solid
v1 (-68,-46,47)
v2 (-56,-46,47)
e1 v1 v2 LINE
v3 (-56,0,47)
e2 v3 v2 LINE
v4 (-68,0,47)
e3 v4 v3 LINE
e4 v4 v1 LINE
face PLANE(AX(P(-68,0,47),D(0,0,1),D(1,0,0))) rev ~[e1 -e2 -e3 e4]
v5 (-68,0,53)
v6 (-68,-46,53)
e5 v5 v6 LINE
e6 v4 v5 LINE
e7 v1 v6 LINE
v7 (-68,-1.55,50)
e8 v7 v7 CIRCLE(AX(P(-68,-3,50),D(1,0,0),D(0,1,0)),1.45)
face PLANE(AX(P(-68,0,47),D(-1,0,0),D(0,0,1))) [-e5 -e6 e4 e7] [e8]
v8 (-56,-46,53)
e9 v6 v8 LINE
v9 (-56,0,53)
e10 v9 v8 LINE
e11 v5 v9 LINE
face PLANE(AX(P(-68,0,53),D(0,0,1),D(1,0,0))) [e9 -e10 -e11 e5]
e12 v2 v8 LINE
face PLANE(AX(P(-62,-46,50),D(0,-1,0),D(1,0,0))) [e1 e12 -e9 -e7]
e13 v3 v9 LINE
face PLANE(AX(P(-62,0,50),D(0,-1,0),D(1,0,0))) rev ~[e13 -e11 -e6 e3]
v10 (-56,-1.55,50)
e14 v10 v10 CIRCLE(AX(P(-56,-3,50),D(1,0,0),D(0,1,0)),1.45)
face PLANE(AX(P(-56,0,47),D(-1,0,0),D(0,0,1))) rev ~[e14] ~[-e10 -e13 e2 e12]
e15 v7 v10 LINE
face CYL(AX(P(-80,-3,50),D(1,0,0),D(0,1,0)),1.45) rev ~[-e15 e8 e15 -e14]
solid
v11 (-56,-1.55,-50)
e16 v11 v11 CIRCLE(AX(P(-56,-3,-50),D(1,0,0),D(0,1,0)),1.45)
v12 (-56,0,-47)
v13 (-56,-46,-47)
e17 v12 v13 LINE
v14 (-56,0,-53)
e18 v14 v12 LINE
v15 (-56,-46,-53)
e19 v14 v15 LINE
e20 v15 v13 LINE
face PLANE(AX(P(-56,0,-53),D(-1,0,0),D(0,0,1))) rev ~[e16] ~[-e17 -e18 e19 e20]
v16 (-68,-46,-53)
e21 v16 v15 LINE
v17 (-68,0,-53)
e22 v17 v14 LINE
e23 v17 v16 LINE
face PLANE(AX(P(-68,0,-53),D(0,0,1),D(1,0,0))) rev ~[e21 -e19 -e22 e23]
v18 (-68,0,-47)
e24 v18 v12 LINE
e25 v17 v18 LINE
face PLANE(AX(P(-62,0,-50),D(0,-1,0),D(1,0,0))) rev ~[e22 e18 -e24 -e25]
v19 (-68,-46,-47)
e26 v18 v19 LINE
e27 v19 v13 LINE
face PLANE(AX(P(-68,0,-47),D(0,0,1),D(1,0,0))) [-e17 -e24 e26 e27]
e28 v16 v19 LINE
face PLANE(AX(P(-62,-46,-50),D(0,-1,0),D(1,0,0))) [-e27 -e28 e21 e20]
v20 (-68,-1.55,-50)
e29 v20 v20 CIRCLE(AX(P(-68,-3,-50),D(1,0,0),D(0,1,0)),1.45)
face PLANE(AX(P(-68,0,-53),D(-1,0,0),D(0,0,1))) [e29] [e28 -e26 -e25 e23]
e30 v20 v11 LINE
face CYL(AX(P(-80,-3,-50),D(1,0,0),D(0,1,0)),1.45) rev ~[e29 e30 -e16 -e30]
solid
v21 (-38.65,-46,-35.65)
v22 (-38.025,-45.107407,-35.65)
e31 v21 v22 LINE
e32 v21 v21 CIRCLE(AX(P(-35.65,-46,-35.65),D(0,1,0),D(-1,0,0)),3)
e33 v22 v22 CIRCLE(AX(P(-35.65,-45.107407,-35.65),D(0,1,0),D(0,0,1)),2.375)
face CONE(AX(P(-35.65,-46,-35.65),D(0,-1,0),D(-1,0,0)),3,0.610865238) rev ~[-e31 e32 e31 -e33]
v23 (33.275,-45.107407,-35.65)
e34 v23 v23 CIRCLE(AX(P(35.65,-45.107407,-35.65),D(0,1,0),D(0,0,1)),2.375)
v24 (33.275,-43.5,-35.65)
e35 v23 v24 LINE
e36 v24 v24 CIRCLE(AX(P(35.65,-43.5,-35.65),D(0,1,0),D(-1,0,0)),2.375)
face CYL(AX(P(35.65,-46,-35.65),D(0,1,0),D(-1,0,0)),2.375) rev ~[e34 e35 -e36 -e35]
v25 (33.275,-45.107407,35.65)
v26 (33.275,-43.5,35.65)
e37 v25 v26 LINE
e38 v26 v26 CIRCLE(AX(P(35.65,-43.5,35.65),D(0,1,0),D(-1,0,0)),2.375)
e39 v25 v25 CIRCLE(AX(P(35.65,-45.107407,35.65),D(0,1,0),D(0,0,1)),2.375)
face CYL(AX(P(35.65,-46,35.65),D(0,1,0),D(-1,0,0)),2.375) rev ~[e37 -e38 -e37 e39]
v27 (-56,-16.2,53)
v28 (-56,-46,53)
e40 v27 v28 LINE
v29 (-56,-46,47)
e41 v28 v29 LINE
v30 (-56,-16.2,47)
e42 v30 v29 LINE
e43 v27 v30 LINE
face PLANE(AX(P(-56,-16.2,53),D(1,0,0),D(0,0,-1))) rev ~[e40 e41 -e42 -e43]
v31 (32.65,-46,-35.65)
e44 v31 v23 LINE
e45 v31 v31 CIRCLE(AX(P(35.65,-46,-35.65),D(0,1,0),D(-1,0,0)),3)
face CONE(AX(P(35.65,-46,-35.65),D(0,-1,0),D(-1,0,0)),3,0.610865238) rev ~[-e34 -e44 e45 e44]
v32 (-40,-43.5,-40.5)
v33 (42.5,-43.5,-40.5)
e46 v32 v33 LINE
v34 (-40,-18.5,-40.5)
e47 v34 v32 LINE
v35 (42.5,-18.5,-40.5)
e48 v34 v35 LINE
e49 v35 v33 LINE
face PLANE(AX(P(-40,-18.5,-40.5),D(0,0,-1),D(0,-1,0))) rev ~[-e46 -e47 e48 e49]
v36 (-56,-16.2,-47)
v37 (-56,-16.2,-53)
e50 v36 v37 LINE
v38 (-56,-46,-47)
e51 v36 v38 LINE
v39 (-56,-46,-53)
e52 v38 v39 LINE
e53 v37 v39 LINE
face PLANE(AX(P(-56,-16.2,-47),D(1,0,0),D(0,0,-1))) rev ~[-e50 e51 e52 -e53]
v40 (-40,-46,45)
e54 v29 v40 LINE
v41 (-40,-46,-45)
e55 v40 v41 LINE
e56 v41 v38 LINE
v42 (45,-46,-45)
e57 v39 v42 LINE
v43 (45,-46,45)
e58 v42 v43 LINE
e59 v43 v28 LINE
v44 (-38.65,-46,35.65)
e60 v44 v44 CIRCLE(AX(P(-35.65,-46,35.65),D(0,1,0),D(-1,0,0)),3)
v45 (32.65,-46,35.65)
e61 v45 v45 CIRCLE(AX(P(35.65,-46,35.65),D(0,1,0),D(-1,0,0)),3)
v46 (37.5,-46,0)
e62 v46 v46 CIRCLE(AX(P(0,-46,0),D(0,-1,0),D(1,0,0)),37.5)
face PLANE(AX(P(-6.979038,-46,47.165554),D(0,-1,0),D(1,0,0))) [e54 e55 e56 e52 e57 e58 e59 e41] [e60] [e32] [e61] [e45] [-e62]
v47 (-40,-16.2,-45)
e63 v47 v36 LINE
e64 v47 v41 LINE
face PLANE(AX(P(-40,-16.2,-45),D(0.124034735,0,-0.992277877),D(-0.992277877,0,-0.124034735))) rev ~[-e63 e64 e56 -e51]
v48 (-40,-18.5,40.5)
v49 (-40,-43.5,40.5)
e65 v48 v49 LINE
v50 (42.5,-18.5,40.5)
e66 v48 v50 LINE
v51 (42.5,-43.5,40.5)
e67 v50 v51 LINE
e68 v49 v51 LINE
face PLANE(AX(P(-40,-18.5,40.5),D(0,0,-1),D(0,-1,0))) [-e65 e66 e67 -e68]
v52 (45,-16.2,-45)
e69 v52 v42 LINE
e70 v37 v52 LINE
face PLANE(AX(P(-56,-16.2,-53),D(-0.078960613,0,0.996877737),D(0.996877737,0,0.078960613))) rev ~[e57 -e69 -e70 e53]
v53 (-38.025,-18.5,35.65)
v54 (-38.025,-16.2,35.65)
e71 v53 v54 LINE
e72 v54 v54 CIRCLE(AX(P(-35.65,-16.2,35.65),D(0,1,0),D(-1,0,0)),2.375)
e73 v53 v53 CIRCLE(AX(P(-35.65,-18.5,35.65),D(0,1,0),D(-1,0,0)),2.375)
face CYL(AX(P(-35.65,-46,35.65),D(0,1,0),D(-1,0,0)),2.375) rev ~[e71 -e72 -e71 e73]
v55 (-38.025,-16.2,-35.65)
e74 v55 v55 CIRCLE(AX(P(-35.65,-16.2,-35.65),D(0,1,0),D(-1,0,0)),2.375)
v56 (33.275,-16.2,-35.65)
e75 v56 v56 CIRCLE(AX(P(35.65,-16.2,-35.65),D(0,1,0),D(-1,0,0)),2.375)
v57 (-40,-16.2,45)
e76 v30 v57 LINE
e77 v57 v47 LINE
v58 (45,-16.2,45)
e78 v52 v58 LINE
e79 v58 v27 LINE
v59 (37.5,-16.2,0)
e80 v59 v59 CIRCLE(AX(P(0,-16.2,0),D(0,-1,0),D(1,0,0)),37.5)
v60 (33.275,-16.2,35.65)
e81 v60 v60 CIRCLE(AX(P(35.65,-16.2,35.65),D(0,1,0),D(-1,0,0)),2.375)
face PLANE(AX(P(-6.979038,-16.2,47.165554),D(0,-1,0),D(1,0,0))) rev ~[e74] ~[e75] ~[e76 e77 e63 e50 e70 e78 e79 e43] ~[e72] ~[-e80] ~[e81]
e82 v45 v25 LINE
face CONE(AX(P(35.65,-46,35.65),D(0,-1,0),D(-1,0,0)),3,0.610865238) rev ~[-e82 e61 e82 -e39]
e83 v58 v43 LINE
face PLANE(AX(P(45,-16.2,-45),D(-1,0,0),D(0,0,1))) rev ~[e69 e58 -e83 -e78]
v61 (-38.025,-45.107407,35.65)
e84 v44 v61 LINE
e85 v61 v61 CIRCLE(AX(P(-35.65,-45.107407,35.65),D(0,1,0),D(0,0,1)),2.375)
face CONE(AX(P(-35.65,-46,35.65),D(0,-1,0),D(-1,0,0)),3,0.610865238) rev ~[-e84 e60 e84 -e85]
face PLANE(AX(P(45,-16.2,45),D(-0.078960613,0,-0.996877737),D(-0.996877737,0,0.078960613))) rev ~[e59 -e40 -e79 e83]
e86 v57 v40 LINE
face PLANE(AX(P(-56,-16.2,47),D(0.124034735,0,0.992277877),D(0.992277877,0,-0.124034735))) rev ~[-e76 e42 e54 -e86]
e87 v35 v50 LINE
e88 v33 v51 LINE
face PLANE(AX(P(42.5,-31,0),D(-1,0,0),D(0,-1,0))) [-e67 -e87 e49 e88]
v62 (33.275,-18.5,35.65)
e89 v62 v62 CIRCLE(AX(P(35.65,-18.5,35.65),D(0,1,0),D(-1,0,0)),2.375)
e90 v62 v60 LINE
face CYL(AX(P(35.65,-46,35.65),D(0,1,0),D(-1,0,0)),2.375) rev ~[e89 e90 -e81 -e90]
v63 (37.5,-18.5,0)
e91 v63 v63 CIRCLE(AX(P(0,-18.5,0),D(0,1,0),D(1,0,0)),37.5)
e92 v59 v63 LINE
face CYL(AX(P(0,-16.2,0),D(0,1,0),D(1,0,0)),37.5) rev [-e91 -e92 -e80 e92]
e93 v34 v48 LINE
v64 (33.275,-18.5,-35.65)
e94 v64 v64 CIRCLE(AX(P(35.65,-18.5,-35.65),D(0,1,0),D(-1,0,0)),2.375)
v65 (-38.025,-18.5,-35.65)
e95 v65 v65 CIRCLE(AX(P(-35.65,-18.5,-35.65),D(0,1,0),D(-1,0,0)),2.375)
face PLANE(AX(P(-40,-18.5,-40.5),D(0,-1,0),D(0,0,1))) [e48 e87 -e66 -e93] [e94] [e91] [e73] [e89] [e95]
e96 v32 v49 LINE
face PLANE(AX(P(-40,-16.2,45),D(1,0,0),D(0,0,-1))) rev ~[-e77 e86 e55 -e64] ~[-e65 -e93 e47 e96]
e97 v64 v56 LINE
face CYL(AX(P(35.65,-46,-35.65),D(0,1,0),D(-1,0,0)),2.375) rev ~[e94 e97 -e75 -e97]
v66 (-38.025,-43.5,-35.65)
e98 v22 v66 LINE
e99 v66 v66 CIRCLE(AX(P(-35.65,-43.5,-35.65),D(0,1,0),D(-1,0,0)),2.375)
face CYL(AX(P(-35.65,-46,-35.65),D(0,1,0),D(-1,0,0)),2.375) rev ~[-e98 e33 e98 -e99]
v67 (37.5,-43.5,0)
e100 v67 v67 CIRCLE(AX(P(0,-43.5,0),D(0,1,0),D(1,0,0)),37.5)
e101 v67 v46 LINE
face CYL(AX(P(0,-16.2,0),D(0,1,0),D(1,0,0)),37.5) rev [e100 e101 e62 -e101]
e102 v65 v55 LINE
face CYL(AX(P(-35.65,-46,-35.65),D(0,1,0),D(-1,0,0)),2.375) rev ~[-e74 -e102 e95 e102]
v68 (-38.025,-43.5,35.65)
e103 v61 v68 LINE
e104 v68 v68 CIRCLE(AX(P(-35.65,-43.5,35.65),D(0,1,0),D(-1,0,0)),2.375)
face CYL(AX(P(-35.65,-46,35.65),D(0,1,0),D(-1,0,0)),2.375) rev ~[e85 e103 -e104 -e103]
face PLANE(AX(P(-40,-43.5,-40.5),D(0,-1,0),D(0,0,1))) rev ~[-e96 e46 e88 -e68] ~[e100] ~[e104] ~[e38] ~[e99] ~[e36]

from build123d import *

# Parameters (mm, degrees)
F0_W            = 12
F0_H            = 6
F1_DEPTH        = 46
F3_D            = 2.9
F3_DEPTH        = 12
F3_TIP          = 0.8712478976
F5_D            = 2.9
F5_DEPTH        = 12
F5_TIP          = 0.8712478976
F6_START        = 16.2
F0_W_2          = 80
F0_H_2          = 80
F0_R            = 37.5
F6_DEPTH        = 29.8
F7_W            = 25
F7_H            = 81
F8_DEPTH        = 82.5
F10_D           = 4.75
F10_DEPTH       = 30
F10_CSINK_D     = 6
F10_CSINK_ANGLE = 70
F10_TIP         = 1.4270439702


with BuildPart() as f1:
    # F0 (on Front) → F1 (new body)
    with BuildSketch(Plane.XZ):
        with Locations((-62, 50)):
            Rectangle(F0_W, F0_H)
    extrude(amount=F1_DEPTH)

    # F3
    with Locations(Plane(origin=(-68, 0, 0), x_dir=(0, -1, 0), z_dir=(-1, 0, 0))):
        with Locations((3, 50)):
            Hole(F3_D / 2, depth=F3_DEPTH)
            with Locations((0, 0, -(F3_DEPTH + F3_TIP / 2))):  # 118° drill point
                Cone(0, F3_D / 2, F3_TIP, mode=Mode.SUBTRACT)


with BuildPart() as f1b:
    # F0 (on Front) → F1, piece 2 (new body)
    with BuildSketch(Plane.XZ):
        with Locations((-62, -50)):
            Rectangle(F0_W, F0_H)
    extrude(amount=F1_DEPTH)

    # F5
    with Locations(Plane(origin=(-68, 0, 0), x_dir=(0, -1, 0), z_dir=(-1, 0, 0))):
        with Locations((3, -50)):
            Hole(F5_D / 2, depth=F5_DEPTH)
            with Locations((0, 0, -(F5_DEPTH + F5_TIP / 2))):  # 118° drill point
                Cone(0, F5_D / 2, F5_TIP, mode=Mode.SUBTRACT)


with BuildPart() as f6:
    # F0 (on Front) → F6 (new body)
    with BuildSketch(Plane.XZ.offset(F6_START)):
        Polygon((-56, 47), (-40, 45), (45, 45), (-56, 53), align=None)
        Polygon((-40, 45), (-40, 40), (40, 40), (40, -40), (-40, -40), (-40, -45), (45, -45), (45, 45), align=None)
        Rectangle(F0_W_2, F0_H_2)
        Circle(F0_R, mode=Mode.SUBTRACT)
        Polygon((45, -45), (-40, -45), (-56, -47), (-56, -53), align=None)
    extrude(amount=F6_DEPTH)

    # F7 (on face) → F8 (cut)
    with BuildSketch(Plane(origin=(-40, 0, 0), x_dir=(0, -1, 0), z_dir=(-1, 0, 0))):
        with Locations((31, 0)):
            Rectangle(F7_W, F7_H)
    extrude(amount=-F8_DEPTH, mode=Mode.SUBTRACT)

    # F10
    with Locations(Plane.XZ.offset(46)):
        with Locations((35.65, 35.65), (35.65, -35.65), (-35.65, -35.65), (-35.65, 35.65)):
            CounterSinkHole(F10_D / 2, F10_CSINK_D / 2, depth=F10_DEPTH, counter_sink_angle=F10_CSINK_ANGLE)
            with Locations((0, 0, -(F10_DEPTH + F10_TIP / 2))):  # 118° drill point
                Cone(0, F10_D / 2, F10_TIP, mode=Mode.SUBTRACT)


solid = Compound([f1.part, f1b.part, f6.part])
